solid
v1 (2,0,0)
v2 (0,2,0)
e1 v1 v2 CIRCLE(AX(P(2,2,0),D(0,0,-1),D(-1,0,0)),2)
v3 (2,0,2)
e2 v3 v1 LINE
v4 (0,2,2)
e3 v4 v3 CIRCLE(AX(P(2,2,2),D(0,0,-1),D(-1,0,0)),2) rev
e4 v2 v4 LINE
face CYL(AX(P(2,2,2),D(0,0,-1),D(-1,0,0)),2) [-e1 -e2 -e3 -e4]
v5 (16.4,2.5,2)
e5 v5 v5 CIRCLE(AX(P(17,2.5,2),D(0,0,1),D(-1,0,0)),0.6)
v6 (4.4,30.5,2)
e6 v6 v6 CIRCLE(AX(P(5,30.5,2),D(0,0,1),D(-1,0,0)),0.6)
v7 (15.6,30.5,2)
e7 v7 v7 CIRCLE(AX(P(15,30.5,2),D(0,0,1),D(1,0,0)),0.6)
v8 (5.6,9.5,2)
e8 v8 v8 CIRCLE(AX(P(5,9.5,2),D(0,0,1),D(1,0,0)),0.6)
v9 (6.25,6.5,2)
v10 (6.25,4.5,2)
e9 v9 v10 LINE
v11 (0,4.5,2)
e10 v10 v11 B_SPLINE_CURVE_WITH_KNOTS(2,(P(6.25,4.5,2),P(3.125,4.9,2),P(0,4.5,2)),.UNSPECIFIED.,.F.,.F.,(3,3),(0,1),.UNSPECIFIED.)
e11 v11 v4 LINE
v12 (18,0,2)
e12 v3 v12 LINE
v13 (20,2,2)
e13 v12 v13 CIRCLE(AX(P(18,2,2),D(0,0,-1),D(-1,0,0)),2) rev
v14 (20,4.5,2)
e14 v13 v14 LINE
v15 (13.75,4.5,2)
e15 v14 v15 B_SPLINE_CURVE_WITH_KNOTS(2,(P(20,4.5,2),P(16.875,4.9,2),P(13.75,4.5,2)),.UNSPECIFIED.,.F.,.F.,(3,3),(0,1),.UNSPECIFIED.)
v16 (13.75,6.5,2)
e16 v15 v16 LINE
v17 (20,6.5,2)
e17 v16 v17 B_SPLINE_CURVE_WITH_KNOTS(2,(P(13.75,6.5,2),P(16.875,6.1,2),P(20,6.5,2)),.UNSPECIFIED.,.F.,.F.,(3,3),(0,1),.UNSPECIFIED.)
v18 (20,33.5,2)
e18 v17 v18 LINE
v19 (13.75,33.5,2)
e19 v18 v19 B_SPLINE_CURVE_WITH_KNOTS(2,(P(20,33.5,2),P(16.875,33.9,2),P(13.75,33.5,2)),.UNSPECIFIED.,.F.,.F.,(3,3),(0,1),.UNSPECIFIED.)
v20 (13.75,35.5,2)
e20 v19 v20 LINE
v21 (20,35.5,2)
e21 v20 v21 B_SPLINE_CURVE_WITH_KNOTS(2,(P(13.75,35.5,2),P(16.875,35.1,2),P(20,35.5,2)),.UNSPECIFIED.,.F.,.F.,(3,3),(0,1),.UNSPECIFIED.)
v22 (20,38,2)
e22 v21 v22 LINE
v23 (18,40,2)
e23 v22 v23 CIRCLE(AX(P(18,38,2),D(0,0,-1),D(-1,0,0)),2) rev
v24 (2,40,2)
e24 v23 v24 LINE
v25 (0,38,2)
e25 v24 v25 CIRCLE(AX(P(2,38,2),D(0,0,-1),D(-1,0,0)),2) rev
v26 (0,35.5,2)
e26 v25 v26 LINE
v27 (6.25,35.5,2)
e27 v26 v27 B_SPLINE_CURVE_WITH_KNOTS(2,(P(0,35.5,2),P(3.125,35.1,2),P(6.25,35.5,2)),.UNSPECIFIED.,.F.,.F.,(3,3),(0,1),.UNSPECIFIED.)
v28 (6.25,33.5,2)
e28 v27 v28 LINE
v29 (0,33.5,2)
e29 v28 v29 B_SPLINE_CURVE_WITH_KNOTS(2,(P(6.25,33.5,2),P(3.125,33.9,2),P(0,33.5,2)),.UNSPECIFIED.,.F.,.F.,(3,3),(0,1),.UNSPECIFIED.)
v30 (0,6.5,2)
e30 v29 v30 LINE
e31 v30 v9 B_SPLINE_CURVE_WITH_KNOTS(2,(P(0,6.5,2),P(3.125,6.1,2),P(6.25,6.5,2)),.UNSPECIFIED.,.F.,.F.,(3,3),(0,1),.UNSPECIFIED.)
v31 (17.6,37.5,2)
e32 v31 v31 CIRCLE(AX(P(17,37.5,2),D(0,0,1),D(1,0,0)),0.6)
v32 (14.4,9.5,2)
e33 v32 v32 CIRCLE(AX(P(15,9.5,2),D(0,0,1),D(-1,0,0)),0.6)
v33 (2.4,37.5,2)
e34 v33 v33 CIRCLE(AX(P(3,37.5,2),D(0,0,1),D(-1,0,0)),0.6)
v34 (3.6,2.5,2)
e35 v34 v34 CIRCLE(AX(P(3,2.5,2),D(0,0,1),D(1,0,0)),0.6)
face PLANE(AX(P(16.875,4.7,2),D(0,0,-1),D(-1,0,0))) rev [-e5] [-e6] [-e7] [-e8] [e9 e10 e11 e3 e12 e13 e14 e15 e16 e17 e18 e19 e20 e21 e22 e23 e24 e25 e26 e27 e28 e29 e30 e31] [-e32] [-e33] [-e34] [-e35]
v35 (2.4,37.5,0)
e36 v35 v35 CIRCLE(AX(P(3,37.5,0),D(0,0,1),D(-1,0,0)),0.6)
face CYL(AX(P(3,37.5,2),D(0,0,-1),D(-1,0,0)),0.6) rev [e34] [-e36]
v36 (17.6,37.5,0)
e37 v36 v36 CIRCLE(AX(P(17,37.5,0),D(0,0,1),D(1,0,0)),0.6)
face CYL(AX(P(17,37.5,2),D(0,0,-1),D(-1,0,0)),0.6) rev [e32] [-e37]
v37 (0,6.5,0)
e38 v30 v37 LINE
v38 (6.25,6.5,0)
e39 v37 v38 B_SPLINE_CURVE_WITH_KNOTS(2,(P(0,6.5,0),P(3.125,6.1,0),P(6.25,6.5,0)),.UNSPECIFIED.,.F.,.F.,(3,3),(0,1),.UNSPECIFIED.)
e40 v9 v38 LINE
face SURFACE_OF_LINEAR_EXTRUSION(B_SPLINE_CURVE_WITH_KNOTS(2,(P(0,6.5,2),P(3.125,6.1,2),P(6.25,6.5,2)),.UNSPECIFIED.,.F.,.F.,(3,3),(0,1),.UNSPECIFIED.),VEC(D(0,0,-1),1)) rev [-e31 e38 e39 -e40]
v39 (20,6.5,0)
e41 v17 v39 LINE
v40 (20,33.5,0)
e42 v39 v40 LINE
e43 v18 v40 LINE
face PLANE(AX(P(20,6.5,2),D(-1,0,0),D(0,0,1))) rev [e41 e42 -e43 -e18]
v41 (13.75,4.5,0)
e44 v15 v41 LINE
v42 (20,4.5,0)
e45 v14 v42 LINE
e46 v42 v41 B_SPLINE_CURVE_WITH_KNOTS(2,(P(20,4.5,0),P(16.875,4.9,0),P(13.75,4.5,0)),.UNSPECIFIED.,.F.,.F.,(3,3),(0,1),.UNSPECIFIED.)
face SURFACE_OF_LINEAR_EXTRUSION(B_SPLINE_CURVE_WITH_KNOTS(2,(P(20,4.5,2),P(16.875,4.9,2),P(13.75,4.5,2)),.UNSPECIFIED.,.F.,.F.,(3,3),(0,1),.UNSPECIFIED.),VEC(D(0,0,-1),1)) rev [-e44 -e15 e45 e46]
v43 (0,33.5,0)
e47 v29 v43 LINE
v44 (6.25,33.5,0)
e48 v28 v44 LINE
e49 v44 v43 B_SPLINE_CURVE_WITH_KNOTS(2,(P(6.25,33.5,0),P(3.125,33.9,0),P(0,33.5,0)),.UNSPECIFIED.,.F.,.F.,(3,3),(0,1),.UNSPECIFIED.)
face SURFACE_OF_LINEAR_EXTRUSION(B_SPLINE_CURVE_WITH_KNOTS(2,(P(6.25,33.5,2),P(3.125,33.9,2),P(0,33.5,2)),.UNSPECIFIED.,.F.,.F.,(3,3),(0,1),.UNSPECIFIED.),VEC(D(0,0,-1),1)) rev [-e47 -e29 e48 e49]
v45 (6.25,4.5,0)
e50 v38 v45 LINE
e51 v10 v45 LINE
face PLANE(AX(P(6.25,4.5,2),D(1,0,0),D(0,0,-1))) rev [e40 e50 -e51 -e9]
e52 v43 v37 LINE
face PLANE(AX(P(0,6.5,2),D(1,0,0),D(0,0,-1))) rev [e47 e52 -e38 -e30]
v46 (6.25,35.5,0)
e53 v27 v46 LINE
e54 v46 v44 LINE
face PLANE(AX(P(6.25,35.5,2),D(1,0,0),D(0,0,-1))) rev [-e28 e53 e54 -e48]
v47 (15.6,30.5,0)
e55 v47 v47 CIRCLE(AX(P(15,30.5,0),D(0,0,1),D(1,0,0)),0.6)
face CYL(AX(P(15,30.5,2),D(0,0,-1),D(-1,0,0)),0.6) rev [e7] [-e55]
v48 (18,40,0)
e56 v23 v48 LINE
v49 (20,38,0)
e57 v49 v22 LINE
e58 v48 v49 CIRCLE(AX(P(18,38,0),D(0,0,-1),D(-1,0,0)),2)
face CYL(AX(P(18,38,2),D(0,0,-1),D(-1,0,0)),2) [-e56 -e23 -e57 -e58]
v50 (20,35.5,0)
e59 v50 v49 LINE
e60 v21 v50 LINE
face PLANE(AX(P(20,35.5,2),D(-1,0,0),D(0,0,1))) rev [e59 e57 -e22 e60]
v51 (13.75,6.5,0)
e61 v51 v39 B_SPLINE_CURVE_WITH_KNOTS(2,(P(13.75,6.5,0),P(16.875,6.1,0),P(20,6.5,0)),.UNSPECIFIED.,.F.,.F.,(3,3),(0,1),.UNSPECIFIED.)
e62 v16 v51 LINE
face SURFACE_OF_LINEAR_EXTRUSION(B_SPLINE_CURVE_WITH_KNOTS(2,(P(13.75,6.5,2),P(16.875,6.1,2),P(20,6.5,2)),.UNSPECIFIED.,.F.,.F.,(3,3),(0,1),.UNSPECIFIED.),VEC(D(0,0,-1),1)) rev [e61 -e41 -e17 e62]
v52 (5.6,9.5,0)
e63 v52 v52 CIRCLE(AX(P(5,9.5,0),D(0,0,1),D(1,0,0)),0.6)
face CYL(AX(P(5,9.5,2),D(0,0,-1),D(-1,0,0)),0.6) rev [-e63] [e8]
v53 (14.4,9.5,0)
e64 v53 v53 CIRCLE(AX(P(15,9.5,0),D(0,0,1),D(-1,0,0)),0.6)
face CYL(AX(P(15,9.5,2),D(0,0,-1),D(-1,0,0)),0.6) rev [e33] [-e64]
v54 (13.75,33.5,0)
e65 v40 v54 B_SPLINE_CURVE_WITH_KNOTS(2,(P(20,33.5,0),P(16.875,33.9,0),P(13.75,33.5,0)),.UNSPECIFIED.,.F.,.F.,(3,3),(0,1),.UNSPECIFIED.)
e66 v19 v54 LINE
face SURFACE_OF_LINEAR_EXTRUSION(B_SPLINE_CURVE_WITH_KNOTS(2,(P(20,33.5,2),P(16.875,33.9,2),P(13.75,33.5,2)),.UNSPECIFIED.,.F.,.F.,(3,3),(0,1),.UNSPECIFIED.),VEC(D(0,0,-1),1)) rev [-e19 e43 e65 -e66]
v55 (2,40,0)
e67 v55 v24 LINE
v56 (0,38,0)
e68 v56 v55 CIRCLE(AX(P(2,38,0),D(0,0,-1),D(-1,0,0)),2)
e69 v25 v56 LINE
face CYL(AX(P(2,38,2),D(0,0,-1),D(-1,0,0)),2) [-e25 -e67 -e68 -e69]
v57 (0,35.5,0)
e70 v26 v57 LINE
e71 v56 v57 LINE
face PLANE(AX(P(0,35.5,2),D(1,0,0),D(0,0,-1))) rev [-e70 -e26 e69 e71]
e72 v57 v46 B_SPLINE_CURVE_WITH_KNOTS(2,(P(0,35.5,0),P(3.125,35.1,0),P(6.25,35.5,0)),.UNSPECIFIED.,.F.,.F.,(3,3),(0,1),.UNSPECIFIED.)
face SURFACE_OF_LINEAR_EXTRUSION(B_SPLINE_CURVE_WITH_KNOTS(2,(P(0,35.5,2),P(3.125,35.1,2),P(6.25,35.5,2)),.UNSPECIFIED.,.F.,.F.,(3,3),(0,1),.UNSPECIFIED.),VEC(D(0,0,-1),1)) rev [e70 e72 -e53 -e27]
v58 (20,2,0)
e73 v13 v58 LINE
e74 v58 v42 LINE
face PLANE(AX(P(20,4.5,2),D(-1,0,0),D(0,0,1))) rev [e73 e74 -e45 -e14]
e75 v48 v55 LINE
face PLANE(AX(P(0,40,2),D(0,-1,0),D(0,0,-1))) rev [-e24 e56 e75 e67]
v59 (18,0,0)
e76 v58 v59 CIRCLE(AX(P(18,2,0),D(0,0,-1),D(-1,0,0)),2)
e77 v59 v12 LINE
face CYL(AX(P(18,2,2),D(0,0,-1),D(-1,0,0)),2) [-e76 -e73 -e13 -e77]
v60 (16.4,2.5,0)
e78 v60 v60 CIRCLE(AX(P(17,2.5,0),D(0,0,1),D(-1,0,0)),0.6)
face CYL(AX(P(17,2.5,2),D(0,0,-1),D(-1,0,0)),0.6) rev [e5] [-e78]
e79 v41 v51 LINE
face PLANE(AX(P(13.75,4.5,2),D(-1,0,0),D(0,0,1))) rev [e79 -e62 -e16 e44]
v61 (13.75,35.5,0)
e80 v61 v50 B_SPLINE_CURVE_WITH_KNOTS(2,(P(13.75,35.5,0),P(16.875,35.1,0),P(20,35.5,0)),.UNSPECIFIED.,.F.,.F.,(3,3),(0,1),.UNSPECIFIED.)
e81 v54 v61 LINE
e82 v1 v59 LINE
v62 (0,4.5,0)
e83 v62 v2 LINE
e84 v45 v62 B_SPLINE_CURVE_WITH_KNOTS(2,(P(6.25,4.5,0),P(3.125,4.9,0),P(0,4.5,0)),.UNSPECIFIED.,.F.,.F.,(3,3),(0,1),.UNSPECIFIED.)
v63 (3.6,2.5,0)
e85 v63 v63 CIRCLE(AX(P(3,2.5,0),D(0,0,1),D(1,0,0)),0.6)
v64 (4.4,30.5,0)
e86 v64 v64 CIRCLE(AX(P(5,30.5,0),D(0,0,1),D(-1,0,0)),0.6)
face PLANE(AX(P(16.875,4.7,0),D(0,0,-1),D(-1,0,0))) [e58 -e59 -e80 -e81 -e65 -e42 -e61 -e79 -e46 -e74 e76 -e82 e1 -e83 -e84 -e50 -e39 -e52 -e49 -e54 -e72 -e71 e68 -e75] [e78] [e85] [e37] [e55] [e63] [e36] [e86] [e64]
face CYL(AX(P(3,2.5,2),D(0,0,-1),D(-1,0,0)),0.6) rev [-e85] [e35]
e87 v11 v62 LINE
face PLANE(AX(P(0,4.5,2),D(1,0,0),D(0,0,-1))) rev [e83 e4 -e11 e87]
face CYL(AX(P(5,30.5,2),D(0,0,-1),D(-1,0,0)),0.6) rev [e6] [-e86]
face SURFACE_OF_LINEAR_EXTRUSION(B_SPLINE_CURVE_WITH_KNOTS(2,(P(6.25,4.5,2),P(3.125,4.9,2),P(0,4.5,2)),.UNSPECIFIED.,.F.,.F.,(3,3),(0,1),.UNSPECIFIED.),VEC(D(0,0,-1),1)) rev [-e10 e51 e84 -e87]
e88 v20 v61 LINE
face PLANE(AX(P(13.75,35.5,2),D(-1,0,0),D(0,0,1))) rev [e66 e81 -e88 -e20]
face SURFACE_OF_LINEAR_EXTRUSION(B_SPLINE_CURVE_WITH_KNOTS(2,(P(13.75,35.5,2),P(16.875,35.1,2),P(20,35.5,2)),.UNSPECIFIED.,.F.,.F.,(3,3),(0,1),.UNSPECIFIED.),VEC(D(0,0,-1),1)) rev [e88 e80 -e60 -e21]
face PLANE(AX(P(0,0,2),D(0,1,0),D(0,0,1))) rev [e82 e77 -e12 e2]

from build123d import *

# Parameters (mm, degrees)
SKETCH1_R               = 0.6
FINGER_PIP_BODY_DEPTH   = 2
FINGER_PIP_CONTOURING_R = 2


with BuildPart() as part:
    # Sketch1 → Finger PIP Body (new body)
    with BuildSketch(Plane.XY):
        with BuildLine():
            Line((0, 6.5), (0, 33.5))
            add(Edge.make_bspline(
                [(0, 33.5), (3.125, 33.9), (6.25, 33.5)],
                knots=[0, 0, 0, 1, 1, 1], degree=2))
            Line((6.25, 33.5), (6.25, 35.5))
            add(Edge.make_bspline(
                [(0, 35.5), (3.125, 35.1), (6.25, 35.5)],
                knots=[0, 0, 0, 1, 1, 1], degree=2))
            Line((0, 35.5), (0, 40))
            Line((0, 40), (20, 40))
            Line((20, 40), (20, 35.5))
            add(Edge.make_bspline(
                [(20, 35.5), (16.875, 35.1), (13.75, 35.5)],
                knots=[0, 0, 0, 1, 1, 1], degree=2))
            Line((13.75, 35.5), (13.75, 33.5))
            add(Edge.make_bspline(
                [(20, 33.5), (16.875, 33.9), (13.75, 33.5)],
                knots=[0, 0, 0, 1, 1, 1], degree=2))
            Line((20, 33.5), (20, 6.5))
            add(Edge.make_bspline(
                [(20, 6.5), (16.875, 6.1), (13.75, 6.5)],
                knots=[0, 0, 0, 1, 1, 1], degree=2))
            Line((13.75, 6.5), (13.75, 4.5))
            add(Edge.make_bspline(
                [(20, 4.5), (16.875, 4.9), (13.75, 4.5)],
                knots=[0, 0, 0, 1, 1, 1], degree=2))
            Line((20, 4.5), (20, 0))
            Line((20, 0), (0, 0))
            Line((0, 0), (0, 4.5))
            add(Edge.make_bspline(
                [(0, 4.5), (3.125, 4.9), (6.25, 4.5)],
                knots=[0, 0, 0, 1, 1, 1], degree=2))
            Line((6.25, 4.5), (6.25, 6.5))
            add(Edge.make_bspline(
                [(0, 6.5), (3.125, 6.1), (6.25, 6.5)],
                knots=[0, 0, 0, 1, 1, 1], degree=2))
        make_face()
        with Locations((3, 2.5)):
            Circle(SKETCH1_R, mode=Mode.SUBTRACT)
        with Locations((5, 9.5)):
            Circle(SKETCH1_R, mode=Mode.SUBTRACT)
        with Locations((5, 30.5)):
            Circle(SKETCH1_R, mode=Mode.SUBTRACT)
        with Locations((3, 37.5)):
            Circle(SKETCH1_R, mode=Mode.SUBTRACT)
        with Locations((17, 37.5)):
            Circle(SKETCH1_R, mode=Mode.SUBTRACT)
        with Locations((15, 30.5)):
            Circle(SKETCH1_R, mode=Mode.SUBTRACT)
        with Locations((15, 9.5)):
            Circle(SKETCH1_R, mode=Mode.SUBTRACT)
        with Locations((17, 2.5)):
            Circle(SKETCH1_R, mode=Mode.SUBTRACT)
    extrude(amount=FINGER_PIP_BODY_DEPTH)

    # Finger PIP Contouring
    finger_pip_contouring_edges = [part.edges().sort_by_distance(p)[0] for p in [
        (0, 40, 1),
        (20, 40, 1),
        (20, 0, 1),
        (0, 0, 1),
    ]]
    fillet(finger_pip_contouring_edges, radius=FINGER_PIP_CONTOURING_R)


solid = part.part
